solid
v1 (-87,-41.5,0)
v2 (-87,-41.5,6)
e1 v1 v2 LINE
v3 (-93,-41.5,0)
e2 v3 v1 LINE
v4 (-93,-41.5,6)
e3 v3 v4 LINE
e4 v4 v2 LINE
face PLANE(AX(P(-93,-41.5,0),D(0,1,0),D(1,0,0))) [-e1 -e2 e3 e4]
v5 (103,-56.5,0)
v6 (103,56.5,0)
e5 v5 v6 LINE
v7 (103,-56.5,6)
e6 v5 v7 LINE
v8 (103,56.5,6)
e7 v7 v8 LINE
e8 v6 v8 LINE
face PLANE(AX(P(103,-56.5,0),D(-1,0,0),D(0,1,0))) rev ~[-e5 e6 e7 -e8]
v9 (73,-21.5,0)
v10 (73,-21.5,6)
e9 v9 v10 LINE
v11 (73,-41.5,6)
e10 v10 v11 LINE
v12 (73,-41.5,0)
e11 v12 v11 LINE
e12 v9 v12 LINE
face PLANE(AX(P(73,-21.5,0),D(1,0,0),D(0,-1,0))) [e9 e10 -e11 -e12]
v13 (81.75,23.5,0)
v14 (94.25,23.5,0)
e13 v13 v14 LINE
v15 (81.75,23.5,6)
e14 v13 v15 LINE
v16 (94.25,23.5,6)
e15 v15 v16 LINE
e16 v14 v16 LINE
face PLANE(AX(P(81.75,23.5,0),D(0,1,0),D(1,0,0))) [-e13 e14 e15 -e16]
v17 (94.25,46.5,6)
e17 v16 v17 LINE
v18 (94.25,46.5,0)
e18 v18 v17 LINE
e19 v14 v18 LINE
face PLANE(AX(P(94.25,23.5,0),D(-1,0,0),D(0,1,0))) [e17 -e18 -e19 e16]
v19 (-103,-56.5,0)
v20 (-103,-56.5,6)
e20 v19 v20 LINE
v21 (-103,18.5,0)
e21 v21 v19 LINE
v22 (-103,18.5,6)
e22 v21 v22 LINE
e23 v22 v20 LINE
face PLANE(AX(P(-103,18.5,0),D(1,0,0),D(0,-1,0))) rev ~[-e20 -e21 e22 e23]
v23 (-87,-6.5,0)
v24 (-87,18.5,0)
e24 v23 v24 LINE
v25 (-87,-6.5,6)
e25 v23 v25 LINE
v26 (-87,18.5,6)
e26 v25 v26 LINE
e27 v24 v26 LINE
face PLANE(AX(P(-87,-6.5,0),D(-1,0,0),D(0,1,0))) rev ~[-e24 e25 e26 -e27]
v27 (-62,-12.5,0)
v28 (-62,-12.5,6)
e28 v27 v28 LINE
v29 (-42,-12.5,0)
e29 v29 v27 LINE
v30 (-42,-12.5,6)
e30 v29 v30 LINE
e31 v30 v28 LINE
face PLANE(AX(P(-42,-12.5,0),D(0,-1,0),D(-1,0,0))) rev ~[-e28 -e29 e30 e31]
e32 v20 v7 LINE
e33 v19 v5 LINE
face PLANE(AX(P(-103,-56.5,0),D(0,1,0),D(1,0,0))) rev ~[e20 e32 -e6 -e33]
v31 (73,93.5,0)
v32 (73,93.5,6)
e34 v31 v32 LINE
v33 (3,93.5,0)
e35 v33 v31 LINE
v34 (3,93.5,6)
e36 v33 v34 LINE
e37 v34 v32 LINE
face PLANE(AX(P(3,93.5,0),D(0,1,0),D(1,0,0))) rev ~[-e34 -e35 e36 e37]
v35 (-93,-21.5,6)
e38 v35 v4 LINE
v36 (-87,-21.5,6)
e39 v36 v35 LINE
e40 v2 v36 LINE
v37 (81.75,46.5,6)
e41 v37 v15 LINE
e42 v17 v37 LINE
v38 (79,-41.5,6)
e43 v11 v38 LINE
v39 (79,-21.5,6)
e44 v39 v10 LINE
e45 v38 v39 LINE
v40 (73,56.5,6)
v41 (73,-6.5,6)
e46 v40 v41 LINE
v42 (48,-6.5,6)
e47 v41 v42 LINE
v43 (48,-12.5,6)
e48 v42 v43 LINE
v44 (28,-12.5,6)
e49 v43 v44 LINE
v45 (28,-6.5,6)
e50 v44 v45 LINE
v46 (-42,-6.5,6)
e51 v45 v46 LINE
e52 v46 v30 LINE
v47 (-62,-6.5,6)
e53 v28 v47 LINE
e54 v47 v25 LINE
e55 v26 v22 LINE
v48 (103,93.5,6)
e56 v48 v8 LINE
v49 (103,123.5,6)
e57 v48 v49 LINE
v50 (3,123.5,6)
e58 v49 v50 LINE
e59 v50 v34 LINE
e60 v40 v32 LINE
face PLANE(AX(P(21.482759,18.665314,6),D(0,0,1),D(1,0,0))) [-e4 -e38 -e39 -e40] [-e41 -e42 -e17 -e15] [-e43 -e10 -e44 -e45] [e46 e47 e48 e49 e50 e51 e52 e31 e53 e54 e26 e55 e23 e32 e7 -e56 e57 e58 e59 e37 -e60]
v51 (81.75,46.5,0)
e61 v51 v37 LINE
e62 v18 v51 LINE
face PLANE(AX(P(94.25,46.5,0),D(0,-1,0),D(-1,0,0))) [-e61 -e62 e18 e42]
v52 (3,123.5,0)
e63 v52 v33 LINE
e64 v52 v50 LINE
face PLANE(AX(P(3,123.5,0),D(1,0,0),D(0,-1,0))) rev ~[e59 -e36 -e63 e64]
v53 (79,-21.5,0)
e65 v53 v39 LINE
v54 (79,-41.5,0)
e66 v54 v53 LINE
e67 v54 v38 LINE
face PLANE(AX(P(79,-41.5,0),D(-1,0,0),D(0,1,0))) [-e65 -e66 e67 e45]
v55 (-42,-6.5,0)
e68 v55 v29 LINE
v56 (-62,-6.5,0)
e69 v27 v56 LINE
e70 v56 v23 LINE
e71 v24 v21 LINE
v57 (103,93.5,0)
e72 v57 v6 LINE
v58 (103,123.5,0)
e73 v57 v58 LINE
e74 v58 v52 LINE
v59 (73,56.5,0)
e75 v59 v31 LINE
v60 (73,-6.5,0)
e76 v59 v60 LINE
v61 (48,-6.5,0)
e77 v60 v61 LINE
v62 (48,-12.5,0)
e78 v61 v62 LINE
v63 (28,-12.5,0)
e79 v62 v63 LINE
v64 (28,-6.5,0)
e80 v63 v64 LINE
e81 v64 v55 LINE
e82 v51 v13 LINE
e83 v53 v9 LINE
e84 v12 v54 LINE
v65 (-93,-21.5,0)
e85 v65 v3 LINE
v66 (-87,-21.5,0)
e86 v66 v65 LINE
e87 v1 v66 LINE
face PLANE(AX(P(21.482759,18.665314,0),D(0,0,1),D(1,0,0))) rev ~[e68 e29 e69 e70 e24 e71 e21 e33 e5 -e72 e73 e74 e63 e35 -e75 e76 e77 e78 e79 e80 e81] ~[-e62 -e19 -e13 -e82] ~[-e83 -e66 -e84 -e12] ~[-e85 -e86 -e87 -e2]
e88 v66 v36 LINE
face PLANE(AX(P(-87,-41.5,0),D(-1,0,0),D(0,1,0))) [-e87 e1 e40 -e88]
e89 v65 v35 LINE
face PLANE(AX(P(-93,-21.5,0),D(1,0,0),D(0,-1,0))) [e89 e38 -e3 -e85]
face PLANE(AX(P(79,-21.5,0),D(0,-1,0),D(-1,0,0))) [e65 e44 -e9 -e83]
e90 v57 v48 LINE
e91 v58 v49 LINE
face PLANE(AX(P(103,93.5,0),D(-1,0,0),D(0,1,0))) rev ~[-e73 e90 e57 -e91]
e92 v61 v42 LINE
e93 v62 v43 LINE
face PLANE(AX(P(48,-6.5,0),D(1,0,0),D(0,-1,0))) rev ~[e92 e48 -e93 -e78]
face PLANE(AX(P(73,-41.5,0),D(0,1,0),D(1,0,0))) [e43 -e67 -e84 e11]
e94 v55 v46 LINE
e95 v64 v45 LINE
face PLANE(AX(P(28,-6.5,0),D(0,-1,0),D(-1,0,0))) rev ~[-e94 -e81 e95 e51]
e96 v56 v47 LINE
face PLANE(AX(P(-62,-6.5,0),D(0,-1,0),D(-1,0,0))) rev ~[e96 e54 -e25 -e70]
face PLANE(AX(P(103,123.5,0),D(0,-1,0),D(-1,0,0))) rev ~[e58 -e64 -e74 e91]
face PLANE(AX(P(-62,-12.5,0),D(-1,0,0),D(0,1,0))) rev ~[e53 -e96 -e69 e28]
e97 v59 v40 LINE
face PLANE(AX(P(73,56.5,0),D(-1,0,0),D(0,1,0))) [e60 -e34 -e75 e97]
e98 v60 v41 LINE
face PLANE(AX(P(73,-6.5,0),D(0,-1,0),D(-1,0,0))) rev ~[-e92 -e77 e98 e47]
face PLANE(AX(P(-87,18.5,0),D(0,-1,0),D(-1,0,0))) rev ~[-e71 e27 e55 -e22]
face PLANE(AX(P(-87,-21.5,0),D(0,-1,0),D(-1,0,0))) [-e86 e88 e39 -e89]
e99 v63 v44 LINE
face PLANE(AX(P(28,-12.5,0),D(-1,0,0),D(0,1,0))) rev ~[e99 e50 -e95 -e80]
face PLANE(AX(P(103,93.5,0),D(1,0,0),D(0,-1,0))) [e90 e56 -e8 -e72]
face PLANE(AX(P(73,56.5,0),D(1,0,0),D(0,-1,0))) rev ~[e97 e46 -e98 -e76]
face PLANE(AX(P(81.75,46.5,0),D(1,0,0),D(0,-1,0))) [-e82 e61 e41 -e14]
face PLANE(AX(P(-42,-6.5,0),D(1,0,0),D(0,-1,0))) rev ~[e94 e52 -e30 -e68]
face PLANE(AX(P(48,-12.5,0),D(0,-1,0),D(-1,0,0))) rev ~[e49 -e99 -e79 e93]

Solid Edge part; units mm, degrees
sketch "Sketch1" plane through (0, 0, 0) normal (0, 0, 1) x (1, 0, 0)
  line L0 (-87, -21.5) -> (-93, -21.5)
  line L1 (-93, -21.5) -> (-93, -41.5)
  line L2 (-93, -41.5) -> (-87, -41.5)
  line L3 (-87, -41.5) -> (-87, -21.5)
  line L4 (79, -21.5) -> (73, -21.5)
  line L5 (73, -21.5) -> (73, -41.5)
  line L6 (73, -41.5) -> (79, -41.5)
  line L7 (79, -41.5) -> (79, -21.5)
  line L8 (81.75, 23.5) -> (94.25, 23.5)
  line L9 (94.25, 23.5) -> (94.25, 46.5)
  line L10 (94.25, 46.5) -> (81.75, 46.5)
  line L11 (81.75, 46.5) -> (81.75, 23.5)
  line L12 (103, 93.5) -> (103, 123.5)
  line L13 (103, 123.5) -> (3, 123.5)
  line L14 (3, 123.5) -> (3, 93.5)
  line L15 (3, 93.5) -> (73, 93.5)
  line L16 (73, 56.5) -> (73, 93.5)
  line L17 (73, 56.5) -> (73, -6.5)
  line L18 (73, -6.5) -> (48, -6.5)
  line L19 (48, -6.5) -> (48, -12.5)
  line L20 (48, -12.5) -> (28, -12.5)
  line L21 (28, -12.5) -> (28, -6.5)
  line L22 (28, -6.5) -> (-42, -6.5)
  line L23 (-42, -6.5) -> (-42, -12.5)
  line L24 (-42, -12.5) -> (-62, -12.5)
  line L25 (-62, -12.5) -> (-62, -6.5)
  line L26 (-62, -6.5) -> (-87, -6.5)
  line L27 (-87, -6.5) -> (-87, 18.5)
  line L28 (-87, 18.5) -> (-103, 18.5)
  line L29 (-103, 18.5) -> (-103, -56.5)
  line L30 (-103, -56.5) -> (103, -56.5)
  line L31 (103, -56.5) -> (103, 56.5)
  line L32 (103, 93.5) -> (103, 56.5)
  dimension "D1" = 16
  dimension "D2" = 30
  dimension "D3" = 20
  dimension "D4" = 6
  dimension "D5" = 20
  dimension "D6" = 6
  dimension "D7" = 15
  dimension "D8" = 15
  dimension "D9" = 20
  dimension "D10" = 20
  dimension "D11" = 25
  dimension "D12" = 25
  dimension "D13" = 6
  dimension "D14" = 6
  dimension "D15" = 75
  dimension "D16" = 25
  dimension "D17" = 50
  dimension "D18" = 113
  dimension "D19" = 6
  dimension "D20" = 23
  dimension "D21" = 12.5
  dimension "D22" = 160
  dimension "D23" = 100
  dimension "D24" = 30
extrude "Protrusion1" add sketch "Sketch1" along normal blind 6
